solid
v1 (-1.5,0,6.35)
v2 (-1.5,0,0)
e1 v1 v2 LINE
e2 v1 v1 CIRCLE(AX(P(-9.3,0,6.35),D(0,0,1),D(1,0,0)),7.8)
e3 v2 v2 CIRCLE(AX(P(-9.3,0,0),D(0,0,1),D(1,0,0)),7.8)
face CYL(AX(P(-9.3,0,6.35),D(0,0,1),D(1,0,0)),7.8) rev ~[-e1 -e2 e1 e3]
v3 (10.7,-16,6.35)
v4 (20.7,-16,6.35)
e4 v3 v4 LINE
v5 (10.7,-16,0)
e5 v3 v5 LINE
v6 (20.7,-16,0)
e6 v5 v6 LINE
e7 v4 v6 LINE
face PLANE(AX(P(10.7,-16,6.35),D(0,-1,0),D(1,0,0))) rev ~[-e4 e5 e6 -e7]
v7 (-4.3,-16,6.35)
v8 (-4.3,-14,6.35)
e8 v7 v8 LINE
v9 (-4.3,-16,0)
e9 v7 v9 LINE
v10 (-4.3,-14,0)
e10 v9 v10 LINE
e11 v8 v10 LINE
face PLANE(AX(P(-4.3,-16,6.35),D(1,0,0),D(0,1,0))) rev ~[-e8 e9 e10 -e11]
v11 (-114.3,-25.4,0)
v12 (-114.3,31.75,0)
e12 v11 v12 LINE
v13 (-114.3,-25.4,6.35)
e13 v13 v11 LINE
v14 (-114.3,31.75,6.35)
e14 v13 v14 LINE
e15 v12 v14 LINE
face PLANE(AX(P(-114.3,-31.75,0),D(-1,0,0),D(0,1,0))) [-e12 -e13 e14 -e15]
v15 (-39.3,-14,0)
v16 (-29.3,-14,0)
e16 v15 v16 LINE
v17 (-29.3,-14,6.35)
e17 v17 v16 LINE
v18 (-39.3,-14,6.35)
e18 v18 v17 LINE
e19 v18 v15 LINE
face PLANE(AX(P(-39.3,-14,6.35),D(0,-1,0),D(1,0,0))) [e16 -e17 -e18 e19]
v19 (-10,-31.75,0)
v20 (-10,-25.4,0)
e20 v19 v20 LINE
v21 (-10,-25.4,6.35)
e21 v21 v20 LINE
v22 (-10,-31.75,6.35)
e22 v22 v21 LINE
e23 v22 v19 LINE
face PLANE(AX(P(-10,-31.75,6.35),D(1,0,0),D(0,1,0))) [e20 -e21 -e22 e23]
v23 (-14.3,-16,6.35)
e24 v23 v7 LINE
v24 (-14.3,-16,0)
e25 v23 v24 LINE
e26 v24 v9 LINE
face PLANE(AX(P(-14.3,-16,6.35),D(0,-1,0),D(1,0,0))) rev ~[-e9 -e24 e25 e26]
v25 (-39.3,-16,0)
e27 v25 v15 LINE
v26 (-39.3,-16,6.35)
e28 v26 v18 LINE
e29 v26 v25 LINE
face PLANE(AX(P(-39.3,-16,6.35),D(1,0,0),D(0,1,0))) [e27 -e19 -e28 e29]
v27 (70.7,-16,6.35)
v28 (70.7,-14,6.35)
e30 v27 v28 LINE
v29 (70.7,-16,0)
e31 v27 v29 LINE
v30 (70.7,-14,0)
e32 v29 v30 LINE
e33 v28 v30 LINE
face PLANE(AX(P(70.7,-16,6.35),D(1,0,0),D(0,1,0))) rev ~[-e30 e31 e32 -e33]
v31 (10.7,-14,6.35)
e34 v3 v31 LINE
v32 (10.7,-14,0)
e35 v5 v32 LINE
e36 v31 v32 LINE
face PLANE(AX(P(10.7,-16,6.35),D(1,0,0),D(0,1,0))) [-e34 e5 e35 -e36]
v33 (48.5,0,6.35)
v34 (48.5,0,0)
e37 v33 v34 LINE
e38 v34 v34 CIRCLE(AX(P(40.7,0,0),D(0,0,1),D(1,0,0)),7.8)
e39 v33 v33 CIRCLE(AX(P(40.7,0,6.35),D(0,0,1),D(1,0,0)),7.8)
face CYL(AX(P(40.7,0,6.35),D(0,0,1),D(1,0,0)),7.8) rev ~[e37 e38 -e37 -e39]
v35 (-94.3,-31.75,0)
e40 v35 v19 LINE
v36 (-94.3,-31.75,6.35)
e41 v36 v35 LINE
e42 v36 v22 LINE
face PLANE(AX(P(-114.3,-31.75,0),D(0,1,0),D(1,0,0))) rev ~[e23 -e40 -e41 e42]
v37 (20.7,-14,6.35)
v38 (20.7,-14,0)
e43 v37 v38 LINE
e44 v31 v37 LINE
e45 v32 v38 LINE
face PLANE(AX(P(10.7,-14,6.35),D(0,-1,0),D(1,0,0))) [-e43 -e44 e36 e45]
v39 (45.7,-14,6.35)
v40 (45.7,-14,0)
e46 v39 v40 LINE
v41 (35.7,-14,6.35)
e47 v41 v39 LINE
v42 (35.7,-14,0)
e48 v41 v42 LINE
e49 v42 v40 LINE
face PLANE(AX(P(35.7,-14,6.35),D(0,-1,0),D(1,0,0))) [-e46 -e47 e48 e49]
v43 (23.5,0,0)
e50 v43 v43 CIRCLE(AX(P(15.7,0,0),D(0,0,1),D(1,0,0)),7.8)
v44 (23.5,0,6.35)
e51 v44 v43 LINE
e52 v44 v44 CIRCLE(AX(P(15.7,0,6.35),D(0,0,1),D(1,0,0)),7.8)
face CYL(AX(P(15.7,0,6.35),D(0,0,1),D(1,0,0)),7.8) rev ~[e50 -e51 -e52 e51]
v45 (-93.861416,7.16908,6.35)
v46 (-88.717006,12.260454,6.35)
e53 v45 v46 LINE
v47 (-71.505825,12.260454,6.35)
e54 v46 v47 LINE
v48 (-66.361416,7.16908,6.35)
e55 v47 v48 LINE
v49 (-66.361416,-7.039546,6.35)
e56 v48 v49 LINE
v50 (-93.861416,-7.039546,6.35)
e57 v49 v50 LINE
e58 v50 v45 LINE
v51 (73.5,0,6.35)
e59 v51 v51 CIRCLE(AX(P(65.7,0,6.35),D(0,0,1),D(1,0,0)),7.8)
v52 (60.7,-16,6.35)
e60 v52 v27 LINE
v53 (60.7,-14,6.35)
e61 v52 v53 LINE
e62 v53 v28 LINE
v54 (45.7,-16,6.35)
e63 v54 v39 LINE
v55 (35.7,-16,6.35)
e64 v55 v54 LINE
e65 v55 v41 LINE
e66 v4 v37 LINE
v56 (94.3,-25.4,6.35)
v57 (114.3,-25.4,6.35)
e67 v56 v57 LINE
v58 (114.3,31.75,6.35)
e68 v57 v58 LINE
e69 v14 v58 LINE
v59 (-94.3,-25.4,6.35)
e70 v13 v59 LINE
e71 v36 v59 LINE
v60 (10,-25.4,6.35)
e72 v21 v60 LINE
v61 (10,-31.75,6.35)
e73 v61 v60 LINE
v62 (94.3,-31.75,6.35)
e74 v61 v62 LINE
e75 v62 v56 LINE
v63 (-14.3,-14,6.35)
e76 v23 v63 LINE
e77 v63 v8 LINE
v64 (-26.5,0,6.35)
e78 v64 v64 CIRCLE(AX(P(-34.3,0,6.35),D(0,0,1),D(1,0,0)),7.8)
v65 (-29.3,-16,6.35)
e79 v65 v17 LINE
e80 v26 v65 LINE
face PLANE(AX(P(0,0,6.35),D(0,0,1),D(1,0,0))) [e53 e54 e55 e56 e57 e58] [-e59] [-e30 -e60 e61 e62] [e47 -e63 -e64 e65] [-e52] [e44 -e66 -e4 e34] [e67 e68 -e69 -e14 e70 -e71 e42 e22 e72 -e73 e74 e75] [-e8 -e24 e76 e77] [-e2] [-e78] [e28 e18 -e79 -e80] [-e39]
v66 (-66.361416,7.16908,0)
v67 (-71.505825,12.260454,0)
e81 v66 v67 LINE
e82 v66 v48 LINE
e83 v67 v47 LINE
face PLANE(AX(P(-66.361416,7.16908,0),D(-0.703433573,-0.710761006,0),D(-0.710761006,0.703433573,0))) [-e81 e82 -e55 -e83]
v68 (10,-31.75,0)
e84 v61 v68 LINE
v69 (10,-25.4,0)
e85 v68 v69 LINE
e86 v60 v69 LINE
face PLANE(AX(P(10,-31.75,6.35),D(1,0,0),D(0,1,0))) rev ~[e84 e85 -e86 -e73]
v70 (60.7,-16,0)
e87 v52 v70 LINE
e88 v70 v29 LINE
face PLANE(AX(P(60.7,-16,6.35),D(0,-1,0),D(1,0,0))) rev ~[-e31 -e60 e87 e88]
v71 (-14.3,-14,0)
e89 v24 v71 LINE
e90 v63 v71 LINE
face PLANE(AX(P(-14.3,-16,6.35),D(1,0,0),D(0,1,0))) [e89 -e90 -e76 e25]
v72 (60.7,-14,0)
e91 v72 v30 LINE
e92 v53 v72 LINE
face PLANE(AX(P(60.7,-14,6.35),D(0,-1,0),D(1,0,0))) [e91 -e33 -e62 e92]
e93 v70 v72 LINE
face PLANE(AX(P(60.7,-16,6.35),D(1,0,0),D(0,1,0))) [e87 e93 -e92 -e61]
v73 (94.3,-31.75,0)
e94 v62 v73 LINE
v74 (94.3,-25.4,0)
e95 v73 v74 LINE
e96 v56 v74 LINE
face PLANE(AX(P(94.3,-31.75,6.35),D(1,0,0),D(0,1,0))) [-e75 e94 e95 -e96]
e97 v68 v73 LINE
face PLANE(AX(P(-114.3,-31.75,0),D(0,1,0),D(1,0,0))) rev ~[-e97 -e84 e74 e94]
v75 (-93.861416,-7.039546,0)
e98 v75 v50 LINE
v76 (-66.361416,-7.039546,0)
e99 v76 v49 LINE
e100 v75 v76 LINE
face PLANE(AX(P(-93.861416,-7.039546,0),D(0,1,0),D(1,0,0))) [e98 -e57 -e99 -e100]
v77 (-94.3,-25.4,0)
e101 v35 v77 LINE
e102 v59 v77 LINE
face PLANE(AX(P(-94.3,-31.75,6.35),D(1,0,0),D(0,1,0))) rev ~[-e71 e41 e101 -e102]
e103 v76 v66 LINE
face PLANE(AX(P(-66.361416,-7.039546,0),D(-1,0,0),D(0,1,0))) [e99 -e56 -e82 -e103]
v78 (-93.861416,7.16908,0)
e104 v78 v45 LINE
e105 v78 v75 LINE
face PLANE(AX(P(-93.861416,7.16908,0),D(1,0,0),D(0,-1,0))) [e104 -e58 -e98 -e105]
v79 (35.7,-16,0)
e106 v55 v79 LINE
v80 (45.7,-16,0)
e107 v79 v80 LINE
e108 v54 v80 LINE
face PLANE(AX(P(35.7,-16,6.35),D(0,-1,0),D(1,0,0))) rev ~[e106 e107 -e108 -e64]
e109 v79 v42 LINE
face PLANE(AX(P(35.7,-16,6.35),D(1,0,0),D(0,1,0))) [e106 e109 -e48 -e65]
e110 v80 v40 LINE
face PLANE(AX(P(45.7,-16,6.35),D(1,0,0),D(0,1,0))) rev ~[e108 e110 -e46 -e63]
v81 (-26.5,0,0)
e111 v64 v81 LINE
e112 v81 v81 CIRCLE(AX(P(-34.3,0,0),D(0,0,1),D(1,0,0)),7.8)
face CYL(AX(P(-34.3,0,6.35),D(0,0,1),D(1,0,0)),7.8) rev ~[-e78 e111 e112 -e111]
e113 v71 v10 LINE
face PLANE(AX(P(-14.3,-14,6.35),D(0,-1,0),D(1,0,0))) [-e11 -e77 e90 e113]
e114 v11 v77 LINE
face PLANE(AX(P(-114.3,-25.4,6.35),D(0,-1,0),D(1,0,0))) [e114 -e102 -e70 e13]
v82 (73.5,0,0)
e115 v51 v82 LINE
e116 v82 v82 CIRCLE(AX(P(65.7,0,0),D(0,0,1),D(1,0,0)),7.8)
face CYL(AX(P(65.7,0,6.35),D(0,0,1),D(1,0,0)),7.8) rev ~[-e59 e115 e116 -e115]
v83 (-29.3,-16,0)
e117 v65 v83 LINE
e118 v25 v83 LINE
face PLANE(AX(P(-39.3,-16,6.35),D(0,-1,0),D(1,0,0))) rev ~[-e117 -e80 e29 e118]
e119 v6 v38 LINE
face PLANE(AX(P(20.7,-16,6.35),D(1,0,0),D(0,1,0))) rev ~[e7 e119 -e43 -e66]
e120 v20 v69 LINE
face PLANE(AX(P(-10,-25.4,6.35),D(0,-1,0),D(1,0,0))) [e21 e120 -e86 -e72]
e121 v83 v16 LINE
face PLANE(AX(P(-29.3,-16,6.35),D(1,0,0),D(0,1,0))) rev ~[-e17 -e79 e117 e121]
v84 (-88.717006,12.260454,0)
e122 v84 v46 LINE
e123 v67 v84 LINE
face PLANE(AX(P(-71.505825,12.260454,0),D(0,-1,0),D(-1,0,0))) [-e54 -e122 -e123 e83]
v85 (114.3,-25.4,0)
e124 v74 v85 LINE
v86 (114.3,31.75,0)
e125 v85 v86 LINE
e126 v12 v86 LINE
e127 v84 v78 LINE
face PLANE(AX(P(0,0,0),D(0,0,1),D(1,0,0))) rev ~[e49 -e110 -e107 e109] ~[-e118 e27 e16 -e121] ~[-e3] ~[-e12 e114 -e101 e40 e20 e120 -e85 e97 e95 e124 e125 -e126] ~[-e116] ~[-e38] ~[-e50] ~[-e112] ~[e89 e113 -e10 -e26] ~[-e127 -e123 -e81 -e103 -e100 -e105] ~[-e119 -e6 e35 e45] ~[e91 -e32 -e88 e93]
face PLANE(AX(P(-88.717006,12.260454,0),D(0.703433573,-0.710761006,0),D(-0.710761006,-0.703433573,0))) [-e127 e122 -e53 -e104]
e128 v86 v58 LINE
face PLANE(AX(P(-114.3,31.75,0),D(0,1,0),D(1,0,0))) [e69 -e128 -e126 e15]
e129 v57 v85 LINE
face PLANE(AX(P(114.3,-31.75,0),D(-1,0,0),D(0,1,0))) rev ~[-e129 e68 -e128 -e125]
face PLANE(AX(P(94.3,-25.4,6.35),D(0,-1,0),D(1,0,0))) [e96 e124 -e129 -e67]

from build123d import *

# Parameters (mm, degrees)
SKETCH1_W           = 228.6
SKETCH1_H           = 63.5
BOSS_EXTRUDE1_DEPTH = 6.35
SKETCH3_R           = 7.8
SKETCH3_W           = 20
SKETCH3_H           = 6.35
SKETCH3_W_2         = 10
SKETCH3_H_2         = 2
CUT_EXTRUDE1_DEPTH  = 119.79762203
CUT_EXTRUDE2_DEPTH  = 119.79762203


with BuildPart() as part:
    # Sketch1 → Boss-Extrude1 (new body)
    with BuildSketch(Plane.XY):
        Rectangle(SKETCH1_W, SKETCH1_H)
    extrude(amount=BOSS_EXTRUDE1_DEPTH)

    # Sketch3 → Cut-Extrude1 (cut, through all)
    with BuildSketch(Plane.XY.offset(6.35)):
        with Locations((-34.3, 0)):
            Circle(SKETCH3_R)
        with Locations((-9.3, 0)):
            Circle(SKETCH3_R)
        with Locations((15.7, 0)):
            Circle(SKETCH3_R)
        with Locations((40.7, 0)):
            Circle(SKETCH3_R)
        with Locations((65.7, 0)):
            Circle(SKETCH3_R)
        with Locations((-104.3, -28.575)):
            Rectangle(SKETCH3_W, SKETCH3_H)
        with Locations((0, -28.575)):
            Rectangle(SKETCH3_W, SKETCH3_H)
        with Locations((104.3, -28.575)):
            Rectangle(SKETCH3_W, SKETCH3_H)
        with Locations((-9.3, -15)):
            Rectangle(SKETCH3_W_2, SKETCH3_H_2)
        with Locations((-34.3, -15)):
            Rectangle(SKETCH3_W_2, SKETCH3_H_2)
        with Locations((15.7, -15)):
            Rectangle(SKETCH3_W_2, SKETCH3_H_2)
        with Locations((40.7, -15)):
            Rectangle(SKETCH3_W_2, SKETCH3_H_2)
        with Locations((65.7, -15)):
            Rectangle(SKETCH3_W_2, SKETCH3_H_2)
    extrude(amount=-CUT_EXTRUDE1_DEPTH, mode=Mode.SUBTRACT)

    # Sketch5 → Cut-Extrude2 (cut, through all)
    with BuildSketch(Plane(origin=(0, 0, 0), x_dir=(-1, 0, 0), z_dir=(0, 0, -1))):
        Polygon((93.861415546, -7.039545532), (66.361415546, -7.039545532), (66.361415546, 7.169080451), (71.505824709, 12.260454468), (88.717006383, 12.260454468), (93.861415546, 7.169080451), align=None)
    extrude(amount=-CUT_EXTRUDE2_DEPTH, mode=Mode.SUBTRACT)


solid = part.part
